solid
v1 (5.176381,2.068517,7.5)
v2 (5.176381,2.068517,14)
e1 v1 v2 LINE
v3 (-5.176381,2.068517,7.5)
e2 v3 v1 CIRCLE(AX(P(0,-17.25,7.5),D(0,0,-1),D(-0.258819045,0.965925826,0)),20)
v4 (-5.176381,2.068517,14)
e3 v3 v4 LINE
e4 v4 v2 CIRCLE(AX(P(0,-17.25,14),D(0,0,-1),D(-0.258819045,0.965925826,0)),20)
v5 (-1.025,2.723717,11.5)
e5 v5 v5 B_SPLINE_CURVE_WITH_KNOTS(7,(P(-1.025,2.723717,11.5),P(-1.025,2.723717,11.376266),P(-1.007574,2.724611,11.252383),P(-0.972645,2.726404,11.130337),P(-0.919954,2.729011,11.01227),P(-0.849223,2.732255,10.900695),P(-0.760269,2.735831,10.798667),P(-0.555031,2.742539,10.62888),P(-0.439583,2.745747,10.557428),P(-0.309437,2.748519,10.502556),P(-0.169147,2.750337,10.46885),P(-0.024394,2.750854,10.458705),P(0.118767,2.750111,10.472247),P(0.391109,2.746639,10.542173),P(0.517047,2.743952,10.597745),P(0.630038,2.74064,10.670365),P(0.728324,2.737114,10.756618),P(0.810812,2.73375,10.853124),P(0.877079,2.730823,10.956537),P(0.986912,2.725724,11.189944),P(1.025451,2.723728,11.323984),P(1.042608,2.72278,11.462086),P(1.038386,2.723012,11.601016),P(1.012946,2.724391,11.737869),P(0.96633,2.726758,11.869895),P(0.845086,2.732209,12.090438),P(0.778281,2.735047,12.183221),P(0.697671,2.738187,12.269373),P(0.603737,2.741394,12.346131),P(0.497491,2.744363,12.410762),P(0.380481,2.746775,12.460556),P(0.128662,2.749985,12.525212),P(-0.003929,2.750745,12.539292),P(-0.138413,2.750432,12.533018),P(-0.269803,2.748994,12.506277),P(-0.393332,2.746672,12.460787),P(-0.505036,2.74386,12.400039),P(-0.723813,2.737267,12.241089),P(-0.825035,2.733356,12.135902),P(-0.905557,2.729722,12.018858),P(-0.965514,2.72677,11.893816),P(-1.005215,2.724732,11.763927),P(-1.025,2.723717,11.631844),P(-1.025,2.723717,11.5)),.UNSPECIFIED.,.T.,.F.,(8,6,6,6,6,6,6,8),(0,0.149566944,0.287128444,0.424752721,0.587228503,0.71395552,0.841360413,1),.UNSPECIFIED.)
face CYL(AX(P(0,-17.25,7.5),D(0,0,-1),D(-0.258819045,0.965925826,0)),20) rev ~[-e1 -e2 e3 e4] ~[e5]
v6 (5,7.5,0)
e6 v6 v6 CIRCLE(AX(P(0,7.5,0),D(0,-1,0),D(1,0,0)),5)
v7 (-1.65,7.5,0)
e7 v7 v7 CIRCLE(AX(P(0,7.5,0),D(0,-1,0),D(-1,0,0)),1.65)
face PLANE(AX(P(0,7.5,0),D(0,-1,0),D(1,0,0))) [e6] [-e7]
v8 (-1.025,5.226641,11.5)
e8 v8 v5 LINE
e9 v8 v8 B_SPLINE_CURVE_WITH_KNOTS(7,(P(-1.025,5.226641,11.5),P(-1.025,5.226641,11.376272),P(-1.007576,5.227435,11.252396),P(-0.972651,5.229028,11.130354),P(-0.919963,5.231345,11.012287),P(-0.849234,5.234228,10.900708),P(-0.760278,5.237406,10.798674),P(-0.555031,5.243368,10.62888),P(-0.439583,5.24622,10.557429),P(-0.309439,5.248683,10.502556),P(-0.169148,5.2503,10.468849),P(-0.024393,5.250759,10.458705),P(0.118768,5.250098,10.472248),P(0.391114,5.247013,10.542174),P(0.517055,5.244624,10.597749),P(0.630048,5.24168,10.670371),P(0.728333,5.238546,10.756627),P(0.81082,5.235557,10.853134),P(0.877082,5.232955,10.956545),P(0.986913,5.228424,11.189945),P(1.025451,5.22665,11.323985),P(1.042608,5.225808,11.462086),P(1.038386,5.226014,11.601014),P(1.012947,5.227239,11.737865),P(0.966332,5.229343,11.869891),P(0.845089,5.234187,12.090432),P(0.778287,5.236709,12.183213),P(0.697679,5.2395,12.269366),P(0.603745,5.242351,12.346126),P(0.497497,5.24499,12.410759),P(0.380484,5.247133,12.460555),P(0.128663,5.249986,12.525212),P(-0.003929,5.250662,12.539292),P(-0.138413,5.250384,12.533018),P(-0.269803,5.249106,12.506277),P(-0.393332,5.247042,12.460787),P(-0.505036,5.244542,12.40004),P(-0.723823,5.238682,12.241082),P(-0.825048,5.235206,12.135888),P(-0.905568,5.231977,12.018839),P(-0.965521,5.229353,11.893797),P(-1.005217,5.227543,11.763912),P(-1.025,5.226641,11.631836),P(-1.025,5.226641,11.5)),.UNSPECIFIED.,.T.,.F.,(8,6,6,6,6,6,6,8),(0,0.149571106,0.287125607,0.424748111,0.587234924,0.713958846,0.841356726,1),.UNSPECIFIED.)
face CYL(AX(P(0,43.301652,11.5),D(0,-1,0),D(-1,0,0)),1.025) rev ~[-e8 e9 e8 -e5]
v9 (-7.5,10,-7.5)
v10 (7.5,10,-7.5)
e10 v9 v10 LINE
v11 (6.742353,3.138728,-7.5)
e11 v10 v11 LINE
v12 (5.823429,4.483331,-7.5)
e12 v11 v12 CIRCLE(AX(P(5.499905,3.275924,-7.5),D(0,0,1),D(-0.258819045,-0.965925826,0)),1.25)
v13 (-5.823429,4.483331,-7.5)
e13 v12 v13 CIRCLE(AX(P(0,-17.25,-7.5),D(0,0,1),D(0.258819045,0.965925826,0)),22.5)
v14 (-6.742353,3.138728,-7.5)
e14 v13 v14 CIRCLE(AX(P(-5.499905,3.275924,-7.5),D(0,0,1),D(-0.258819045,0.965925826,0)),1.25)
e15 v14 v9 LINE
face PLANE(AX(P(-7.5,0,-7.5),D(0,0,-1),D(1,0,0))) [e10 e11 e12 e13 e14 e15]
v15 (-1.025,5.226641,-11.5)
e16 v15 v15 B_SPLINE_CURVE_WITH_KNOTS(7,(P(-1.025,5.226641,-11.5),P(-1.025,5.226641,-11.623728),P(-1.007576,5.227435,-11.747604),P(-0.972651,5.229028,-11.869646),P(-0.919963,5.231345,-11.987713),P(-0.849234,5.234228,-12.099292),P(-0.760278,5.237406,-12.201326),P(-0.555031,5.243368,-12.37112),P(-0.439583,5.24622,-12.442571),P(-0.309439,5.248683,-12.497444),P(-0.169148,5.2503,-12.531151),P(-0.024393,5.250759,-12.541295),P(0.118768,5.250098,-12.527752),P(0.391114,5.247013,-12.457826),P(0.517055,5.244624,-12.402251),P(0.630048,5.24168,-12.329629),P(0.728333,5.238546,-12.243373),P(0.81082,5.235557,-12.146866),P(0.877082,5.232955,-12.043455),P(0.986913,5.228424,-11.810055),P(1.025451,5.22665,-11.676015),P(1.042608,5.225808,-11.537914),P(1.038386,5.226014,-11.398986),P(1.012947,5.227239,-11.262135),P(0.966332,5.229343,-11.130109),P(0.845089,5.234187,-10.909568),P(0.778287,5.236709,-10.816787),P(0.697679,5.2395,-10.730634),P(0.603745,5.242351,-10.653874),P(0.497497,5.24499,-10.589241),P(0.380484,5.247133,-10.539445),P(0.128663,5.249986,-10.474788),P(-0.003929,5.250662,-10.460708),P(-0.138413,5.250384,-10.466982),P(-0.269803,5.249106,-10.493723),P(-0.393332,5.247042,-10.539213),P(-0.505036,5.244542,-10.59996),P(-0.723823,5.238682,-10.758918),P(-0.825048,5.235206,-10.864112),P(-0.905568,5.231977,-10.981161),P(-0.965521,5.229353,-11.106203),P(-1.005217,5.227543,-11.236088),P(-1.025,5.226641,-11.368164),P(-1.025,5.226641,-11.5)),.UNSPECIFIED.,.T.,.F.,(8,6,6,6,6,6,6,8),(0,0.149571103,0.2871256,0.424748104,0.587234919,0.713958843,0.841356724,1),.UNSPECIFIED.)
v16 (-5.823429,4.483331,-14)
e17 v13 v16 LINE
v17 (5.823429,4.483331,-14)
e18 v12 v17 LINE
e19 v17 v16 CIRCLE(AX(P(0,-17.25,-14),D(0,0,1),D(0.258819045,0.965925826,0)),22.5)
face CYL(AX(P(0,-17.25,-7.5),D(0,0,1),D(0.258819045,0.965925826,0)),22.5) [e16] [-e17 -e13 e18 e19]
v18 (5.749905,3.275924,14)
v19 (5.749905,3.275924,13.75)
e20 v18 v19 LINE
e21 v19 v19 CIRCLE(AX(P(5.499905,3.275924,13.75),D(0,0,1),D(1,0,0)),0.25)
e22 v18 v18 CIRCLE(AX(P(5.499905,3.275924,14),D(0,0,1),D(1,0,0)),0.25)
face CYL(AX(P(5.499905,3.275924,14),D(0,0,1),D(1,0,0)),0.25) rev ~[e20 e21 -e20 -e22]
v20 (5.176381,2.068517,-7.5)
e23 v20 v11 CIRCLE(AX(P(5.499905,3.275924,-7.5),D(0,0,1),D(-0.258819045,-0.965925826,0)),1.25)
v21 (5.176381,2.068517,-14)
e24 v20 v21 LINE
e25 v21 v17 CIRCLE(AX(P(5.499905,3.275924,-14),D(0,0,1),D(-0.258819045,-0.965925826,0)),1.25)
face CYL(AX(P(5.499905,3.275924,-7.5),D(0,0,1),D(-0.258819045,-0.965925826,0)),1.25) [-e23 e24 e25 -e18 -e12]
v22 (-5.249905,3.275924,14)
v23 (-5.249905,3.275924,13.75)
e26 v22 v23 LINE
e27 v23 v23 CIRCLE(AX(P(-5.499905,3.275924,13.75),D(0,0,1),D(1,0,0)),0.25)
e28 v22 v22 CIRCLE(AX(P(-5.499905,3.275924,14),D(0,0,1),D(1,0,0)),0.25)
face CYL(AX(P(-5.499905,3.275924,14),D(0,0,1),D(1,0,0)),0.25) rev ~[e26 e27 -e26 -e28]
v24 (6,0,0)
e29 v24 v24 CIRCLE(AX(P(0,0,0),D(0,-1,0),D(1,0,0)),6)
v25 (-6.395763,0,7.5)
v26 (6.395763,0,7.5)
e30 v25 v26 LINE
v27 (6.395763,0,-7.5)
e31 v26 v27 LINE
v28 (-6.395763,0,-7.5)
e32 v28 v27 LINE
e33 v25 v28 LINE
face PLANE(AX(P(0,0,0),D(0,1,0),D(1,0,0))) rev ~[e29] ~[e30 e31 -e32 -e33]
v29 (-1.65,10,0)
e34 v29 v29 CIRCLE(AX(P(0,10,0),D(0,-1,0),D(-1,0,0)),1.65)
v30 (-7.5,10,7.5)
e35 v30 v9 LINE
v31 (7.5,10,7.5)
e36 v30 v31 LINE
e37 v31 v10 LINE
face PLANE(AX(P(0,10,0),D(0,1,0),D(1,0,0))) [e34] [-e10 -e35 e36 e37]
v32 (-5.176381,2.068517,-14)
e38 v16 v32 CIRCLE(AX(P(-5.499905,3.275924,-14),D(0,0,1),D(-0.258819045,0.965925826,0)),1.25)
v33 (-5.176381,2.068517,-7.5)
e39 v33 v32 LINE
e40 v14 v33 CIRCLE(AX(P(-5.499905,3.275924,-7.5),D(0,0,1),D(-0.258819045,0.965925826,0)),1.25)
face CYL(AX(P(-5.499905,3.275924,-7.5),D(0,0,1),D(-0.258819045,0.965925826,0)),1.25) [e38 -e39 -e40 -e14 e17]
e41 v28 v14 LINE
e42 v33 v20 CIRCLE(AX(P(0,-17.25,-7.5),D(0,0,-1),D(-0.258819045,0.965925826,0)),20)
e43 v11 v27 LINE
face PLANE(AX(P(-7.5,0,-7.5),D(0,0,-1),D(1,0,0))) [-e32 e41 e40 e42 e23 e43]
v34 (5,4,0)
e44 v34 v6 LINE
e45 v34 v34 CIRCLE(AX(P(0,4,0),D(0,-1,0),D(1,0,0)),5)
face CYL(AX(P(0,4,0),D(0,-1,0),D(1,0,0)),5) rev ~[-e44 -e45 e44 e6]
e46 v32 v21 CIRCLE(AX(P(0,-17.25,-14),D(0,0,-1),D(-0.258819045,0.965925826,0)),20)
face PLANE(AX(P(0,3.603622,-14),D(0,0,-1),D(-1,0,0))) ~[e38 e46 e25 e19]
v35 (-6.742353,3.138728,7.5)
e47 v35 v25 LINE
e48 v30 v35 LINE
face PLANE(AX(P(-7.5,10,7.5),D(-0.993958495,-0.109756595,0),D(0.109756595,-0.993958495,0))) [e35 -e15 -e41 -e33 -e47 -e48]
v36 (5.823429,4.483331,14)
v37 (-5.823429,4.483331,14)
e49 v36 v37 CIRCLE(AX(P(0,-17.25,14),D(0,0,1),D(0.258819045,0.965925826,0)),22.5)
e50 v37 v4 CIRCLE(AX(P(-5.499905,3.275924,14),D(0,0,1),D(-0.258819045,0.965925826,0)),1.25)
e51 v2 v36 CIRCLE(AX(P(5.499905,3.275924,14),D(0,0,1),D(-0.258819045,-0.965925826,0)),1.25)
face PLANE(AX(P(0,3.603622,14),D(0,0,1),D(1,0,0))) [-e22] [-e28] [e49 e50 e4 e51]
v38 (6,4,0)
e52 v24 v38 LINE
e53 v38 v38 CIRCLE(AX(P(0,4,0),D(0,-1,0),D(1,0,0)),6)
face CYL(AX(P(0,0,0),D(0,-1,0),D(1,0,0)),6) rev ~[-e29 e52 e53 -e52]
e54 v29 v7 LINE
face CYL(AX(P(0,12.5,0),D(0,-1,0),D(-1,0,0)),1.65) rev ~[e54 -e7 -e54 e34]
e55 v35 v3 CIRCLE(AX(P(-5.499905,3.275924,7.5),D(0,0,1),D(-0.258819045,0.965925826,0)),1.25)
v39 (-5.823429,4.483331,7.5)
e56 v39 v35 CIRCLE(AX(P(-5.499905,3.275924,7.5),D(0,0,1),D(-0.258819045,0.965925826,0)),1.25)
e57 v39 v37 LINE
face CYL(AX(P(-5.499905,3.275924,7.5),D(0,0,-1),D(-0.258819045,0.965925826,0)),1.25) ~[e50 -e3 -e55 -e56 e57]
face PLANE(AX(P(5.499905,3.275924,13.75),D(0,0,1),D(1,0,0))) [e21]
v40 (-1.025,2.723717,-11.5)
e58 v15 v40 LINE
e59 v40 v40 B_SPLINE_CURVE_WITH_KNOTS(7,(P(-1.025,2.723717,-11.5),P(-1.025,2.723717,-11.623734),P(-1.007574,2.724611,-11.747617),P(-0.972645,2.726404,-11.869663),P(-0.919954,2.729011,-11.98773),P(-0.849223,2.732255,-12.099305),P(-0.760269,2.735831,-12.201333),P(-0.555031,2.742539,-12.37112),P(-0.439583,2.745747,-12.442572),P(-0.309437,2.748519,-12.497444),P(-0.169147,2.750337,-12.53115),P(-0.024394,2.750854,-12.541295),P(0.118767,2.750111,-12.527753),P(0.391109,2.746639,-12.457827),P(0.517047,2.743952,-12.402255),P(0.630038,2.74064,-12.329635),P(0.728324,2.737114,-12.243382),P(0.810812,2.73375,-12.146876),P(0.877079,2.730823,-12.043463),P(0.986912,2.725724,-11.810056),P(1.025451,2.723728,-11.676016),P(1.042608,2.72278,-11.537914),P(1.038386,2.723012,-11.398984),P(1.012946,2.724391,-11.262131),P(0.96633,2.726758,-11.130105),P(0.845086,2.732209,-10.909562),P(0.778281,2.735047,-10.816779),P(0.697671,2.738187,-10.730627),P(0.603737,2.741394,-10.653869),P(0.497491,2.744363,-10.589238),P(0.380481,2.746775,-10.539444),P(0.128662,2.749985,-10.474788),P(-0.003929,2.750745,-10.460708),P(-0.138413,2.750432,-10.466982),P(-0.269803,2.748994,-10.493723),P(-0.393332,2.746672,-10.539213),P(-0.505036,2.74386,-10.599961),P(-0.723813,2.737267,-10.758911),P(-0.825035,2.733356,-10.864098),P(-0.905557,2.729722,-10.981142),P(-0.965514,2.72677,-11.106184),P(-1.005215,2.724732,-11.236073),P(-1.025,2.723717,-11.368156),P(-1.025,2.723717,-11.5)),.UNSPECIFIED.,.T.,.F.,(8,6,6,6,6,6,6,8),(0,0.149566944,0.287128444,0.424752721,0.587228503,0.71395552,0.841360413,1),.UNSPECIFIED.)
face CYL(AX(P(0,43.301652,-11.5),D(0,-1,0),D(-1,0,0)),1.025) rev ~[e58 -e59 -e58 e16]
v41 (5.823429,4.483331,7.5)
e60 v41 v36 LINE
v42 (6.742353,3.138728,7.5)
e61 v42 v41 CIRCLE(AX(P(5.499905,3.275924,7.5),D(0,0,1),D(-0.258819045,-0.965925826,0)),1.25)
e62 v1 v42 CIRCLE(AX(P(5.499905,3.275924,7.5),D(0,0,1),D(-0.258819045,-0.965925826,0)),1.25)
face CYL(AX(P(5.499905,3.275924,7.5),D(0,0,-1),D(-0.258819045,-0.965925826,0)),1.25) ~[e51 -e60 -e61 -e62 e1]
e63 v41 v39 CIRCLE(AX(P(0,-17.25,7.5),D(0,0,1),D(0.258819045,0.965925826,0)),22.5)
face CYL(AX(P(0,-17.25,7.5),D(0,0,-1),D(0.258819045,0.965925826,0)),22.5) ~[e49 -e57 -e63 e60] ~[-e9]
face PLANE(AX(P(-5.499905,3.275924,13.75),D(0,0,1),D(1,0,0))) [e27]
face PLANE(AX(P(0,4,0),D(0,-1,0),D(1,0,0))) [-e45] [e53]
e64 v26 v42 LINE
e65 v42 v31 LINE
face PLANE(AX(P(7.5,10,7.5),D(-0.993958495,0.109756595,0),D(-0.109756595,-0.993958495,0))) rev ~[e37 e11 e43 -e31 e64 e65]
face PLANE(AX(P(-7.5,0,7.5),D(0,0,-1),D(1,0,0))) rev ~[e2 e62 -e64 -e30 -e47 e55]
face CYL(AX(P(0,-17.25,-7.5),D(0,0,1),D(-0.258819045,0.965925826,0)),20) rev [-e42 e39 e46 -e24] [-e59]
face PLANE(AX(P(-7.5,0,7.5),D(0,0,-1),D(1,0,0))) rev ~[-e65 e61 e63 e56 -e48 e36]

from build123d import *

# Parameters (mm, degrees)
SKETCH1_W             = 15
SKETCH1_H             = 15
BOSS_EXTRUDE1_DEPTH   = 10
SKETCH2_R             = 6
CUT_EXTRUDE1_DEPTH    = 4
SKETCH3_R             = 5
CUT_EXTRUDE2_DEPTH    = 3.5
BOSS_EXTRUDE2_DEPTH   = 6.5
M4_TAPPED_HOLE1_D     = 3.3
M4_TAPPED_HOLE1_DEPTH = 2.5
M2_5_TAPPED_HOLE1_D   = 2.05
SKETCH10_R            = 0.25
CUT_EXTRUDE3_DEPTH    = 0.25
CUT_EXTRUDE4_REACH    = 23.5


with BuildPart() as part:
    # Sketch1 → Boss-Extrude1 (new body)
    with BuildSketch(Plane(origin=(0, 0, 0), x_dir=(1, 0, 0), z_dir=(0, 1, 0))):
        Rectangle(SKETCH1_W, SKETCH1_H)
    extrude(amount=BOSS_EXTRUDE1_DEPTH)

    # Sketch2 → Cut-Extrude1 (cut)
    with BuildSketch(Plane.XZ):
        Circle(SKETCH2_R)
    extrude(amount=-CUT_EXTRUDE1_DEPTH, mode=Mode.SUBTRACT)

    # Sketch3 → Cut-Extrude2 (cut)
    with BuildSketch(Plane.XZ.offset(-4)):
        Circle(SKETCH3_R)
    extrude(amount=-CUT_EXTRUDE2_DEPTH, mode=Mode.SUBTRACT)

    # Sketch4 → Boss-Extrude2 (add)
    with BuildSketch(Plane.XY.offset(7.5)):
        with BuildLine():
            ThreePointArc((5.823428515, 4.483331092), (0, 5.25), (-5.823428515, 4.483331092))
            ThreePointArc((-5.823428515, 4.483331092), (-6.707311991, 2.952400002), (-5.176380902, 2.068516526))
            ThreePointArc((-5.176380902, 2.068516526), (0, 2.75), (5.176380902, 2.068516526))
            ThreePointArc((5.176380902, 2.068516526), (6.707311991, 2.952400002), (5.823428515, 4.483331092))
        make_face()
    boss_extrude2 = extrude(amount=BOSS_EXTRUDE2_DEPTH)

    # Mirror1: Boss-Extrude2 across plane
    add(boss_extrude2.mirror(Plane.XY))

    # M4 Tapped Hole1
    with Locations(Plane(origin=(0, 10, 0), x_dir=(1, 0, 0), z_dir=(0, 1, 0))):
        with Locations((0, 0)):
            Hole(M4_TAPPED_HOLE1_D / 2, depth=M4_TAPPED_HOLE1_DEPTH)

    # M2.5 Tapped Hole1 (through all)
    with Locations(Plane(origin=(0, 10, 0), x_dir=(1, 0, 0), z_dir=(0, 1, 0))):
        with Locations((0, 11.5), (0, -11.5)):
            Hole(M2_5_TAPPED_HOLE1_D / 2)

    # Sketch10 → Cut-Extrude3 (cut)
    with BuildSketch(Plane.XY.offset(14)):
        with Locations((-5.499904708, 3.275923809)):
            Circle(SKETCH10_R)
        with Locations((5.499904708, 3.275923809)):
            Circle(SKETCH10_R)
    extrude(amount=-CUT_EXTRUDE3_DEPTH, mode=Mode.SUBTRACT)

    # Sketch11 → Cut-Extrude4 (cut, up to next)
    with BuildSketch(Plane.XY.offset(7.5), mode=Mode.PRIVATE) as cut_extrude4_sk1:
        Polygon((-7.5, 10), (-6.395762797, 0), (-7.5, 0), align=None)
    cut_extrude4_tool1 = extrude(cut_extrude4_sk1.sketch, amount=-CUT_EXTRUDE4_REACH, mode=Mode.PRIVATE) & part.part
    add(cut_extrude4_tool1.solids().sort_by_distance((-7.131921, 3.333333, 7.5))[0], mode=Mode.SUBTRACT)
    # Sketch11 → Cut-Extrude4 (cut, up to next)
    with BuildSketch(Plane.XY.offset(7.5), mode=Mode.PRIVATE) as cut_extrude4_sk2:
        Polygon((7.5, 10), (6.395762797, 0), (7.5, 0), align=None)
    cut_extrude4_tool2 = extrude(cut_extrude4_sk2.sketch, amount=-CUT_EXTRUDE4_REACH, mode=Mode.PRIVATE) & part.part
    add(cut_extrude4_tool2.solids().sort_by_distance((7.131921, 3.333333, 7.5))[0], mode=Mode.SUBTRACT)


solid = part.part
